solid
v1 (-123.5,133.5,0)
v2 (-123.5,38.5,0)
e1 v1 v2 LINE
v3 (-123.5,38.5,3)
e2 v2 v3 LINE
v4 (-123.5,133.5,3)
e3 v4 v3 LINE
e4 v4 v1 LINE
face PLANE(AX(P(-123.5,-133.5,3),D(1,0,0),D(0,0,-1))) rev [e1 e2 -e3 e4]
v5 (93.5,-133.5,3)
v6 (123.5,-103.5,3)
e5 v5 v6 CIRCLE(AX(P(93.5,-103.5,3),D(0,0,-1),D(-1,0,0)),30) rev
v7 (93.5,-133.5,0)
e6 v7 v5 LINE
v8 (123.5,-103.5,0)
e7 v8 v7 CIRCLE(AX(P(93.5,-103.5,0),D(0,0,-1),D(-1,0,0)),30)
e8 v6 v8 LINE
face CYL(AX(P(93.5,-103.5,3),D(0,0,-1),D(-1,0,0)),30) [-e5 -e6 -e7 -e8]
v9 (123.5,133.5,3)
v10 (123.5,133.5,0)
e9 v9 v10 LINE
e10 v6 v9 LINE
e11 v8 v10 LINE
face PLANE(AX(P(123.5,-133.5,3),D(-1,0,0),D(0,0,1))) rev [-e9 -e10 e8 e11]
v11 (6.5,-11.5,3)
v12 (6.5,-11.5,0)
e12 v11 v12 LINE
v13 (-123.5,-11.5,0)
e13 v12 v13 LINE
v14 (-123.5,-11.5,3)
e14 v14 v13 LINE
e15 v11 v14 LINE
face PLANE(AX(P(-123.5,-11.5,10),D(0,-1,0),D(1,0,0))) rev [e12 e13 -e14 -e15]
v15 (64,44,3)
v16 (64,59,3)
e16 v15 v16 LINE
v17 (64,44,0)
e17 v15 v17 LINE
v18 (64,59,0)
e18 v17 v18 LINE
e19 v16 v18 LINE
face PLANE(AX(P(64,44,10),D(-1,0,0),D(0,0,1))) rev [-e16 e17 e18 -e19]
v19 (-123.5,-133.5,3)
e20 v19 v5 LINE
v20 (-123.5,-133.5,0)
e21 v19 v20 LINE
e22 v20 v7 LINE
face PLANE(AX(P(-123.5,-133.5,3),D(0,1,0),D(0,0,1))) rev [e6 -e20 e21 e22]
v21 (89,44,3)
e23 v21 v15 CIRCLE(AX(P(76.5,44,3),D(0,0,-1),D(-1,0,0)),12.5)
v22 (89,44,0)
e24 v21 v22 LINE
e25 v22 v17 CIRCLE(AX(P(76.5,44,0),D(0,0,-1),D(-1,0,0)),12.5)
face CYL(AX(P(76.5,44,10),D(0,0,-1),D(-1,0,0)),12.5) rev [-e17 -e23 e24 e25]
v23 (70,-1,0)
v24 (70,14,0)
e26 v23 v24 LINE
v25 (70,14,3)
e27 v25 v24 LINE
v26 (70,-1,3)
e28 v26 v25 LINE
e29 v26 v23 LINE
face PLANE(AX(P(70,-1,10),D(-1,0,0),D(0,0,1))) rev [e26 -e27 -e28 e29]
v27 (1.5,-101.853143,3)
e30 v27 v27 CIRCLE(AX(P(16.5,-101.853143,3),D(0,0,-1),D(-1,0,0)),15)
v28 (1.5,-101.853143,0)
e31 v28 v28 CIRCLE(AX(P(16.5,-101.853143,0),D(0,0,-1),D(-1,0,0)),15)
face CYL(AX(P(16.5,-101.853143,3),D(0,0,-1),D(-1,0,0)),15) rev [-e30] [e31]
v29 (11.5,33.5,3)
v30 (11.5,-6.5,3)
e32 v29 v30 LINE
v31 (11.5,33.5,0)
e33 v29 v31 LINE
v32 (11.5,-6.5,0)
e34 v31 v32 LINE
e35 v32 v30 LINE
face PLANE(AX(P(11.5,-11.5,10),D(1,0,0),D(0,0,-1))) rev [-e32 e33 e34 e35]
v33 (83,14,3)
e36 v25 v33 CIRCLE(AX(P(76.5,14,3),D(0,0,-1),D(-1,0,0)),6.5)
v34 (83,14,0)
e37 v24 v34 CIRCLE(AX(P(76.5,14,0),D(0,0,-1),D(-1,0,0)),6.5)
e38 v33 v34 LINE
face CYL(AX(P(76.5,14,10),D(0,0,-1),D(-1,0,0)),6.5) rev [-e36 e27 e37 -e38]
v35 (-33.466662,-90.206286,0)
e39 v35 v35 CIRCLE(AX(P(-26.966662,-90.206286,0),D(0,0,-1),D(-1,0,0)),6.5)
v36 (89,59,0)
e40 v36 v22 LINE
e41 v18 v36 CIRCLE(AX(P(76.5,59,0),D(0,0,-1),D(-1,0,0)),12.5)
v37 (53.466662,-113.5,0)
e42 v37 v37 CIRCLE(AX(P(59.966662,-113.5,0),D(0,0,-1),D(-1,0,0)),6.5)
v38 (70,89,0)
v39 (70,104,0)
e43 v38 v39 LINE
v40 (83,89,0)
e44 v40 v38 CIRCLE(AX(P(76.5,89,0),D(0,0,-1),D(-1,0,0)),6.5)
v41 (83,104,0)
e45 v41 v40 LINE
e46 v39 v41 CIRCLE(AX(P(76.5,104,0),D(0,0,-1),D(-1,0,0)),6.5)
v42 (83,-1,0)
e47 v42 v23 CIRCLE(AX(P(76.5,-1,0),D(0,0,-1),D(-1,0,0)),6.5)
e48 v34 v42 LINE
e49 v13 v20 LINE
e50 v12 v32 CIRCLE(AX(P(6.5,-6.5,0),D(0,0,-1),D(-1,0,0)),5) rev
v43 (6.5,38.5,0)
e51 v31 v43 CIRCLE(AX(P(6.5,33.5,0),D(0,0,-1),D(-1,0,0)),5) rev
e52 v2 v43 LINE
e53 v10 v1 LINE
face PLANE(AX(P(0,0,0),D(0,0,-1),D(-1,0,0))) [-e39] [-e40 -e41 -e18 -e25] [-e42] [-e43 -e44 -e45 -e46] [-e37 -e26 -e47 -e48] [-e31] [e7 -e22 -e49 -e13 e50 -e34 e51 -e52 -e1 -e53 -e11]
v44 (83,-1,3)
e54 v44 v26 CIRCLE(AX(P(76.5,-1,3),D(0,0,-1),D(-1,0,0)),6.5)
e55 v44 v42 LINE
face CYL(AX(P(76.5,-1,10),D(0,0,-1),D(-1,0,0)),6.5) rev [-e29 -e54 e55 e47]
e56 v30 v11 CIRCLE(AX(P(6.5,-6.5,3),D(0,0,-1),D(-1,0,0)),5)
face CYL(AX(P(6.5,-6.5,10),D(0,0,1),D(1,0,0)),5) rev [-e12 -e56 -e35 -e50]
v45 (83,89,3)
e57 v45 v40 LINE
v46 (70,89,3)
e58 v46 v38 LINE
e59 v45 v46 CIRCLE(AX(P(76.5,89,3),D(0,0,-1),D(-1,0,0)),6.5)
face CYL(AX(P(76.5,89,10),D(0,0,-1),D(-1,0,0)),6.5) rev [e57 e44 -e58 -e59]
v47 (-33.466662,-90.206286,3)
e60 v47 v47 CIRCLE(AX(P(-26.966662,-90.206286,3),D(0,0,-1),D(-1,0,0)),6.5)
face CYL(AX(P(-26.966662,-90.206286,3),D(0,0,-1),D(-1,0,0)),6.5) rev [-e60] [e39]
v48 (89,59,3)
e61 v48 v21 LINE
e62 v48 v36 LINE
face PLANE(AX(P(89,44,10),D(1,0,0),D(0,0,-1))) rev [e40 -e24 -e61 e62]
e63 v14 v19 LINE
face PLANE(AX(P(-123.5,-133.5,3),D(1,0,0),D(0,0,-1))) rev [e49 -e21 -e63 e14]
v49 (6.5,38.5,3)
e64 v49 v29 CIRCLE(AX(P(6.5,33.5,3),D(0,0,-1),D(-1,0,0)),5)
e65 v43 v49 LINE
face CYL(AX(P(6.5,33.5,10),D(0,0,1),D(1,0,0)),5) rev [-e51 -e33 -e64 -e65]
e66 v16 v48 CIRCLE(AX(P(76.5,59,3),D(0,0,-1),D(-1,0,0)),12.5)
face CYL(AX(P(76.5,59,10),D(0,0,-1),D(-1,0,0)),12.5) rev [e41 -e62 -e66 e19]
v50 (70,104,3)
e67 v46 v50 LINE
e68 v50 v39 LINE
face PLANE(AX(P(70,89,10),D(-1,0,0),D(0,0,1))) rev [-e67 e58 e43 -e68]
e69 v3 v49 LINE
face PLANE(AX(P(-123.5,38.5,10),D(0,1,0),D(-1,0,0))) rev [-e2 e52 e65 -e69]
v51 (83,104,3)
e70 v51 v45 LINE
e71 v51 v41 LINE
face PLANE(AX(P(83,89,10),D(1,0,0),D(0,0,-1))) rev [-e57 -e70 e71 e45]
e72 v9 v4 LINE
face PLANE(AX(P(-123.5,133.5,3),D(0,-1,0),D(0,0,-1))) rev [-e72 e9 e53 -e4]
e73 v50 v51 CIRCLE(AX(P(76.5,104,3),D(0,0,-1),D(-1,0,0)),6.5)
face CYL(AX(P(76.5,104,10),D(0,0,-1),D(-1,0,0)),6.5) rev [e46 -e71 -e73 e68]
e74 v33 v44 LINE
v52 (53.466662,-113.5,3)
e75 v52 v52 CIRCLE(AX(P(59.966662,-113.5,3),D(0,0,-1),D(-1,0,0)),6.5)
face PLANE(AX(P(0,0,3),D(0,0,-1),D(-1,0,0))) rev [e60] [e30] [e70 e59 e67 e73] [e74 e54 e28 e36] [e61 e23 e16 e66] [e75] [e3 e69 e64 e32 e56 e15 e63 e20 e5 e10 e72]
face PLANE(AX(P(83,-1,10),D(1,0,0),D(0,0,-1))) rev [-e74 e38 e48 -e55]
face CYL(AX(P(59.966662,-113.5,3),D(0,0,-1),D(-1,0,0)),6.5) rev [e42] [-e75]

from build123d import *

# Parameters (mm, degrees)
ESQUISSE1_W             = 247
ESQUISSE1_H             = 267
ESQUISSE1_R             = 12.5
ESQUISSE1_R_2           = 6.5
BOSS_EXTRU_1_DEPTH      = 3
ESQUISSE3_R             = 6.5
ESQUISSE3_R_2           = 15
ENL_V_MAT_EXTRU_2_DEPTH = 3
ESQUISSE4_W             = 135
ESQUISSE4_H             = 50
ENL_V_MAT_EXTRU_3_DEPTH = 10
CONG_1_R                = 5
CONG_2_R                = 30
ENL_V_MAT_EXTRU_4_DEPTH = 10


with BuildPart() as part:
    # Esquisse1 → Boss.-Extru.1 (new body)
    with BuildSketch(Plane.XY):
        Rectangle(ESQUISSE1_W, ESQUISSE1_H)
        with Locations((76.5, 51.5)):
            Circle(ESQUISSE1_R, mode=Mode.SUBTRACT)
        with Locations((76.5, 96.5)):
            Circle(ESQUISSE1_R_2, mode=Mode.SUBTRACT)
        with Locations((76.5, 6.5)):
            Circle(ESQUISSE1_R_2, mode=Mode.SUBTRACT)
    extrude(amount=BOSS_EXTRU_1_DEPTH)

    # Esquisse3 → Enlèv. mat.-Extru.2 (cut)
    with BuildSketch(Plane(origin=(0, 0, 0), x_dir=(-1, 0, 0), z_dir=(0, 0, -1))):
        with Locations((-59.966662183, -113.5)):
            Circle(ESQUISSE3_R)
        with Locations((-16.5, -101.85314297)):
            Circle(ESQUISSE3_R_2)
        with Locations((26.966662183, -90.206285941)):
            Circle(ESQUISSE3_R)
    extrude(amount=-ENL_V_MAT_EXTRU_2_DEPTH, mode=Mode.SUBTRACT)

    # Esquisse4 → Enlèv. mat.-Extru.3 (cut)
    with BuildSketch(Plane(origin=(0, 0, 0), x_dir=(-1, 0, 0), z_dir=(0, 0, -1))):
        with Locations((56, 13.5)):
            Rectangle(ESQUISSE4_W, ESQUISSE4_H)
    extrude(amount=-ENL_V_MAT_EXTRU_3_DEPTH, mode=Mode.SUBTRACT)

    # Congé1
    cong_1_edges = [part.edges().sort_by_distance(p)[0] for p in [
        (11.5, -11.5, 1.5),
        (11.5, 38.5, 1.5),
    ]]
    fillet(cong_1_edges, radius=CONG_1_R)

    # Congé2
    cong_2_edges = [part.edges().sort_by_distance(p)[0] for p in [
        (123.5, -133.5, 1.5),
    ]]
    fillet(cong_2_edges, radius=CONG_2_R)

    # Esquisse5 → Enlèv. mat.-Extru.4 (cut)
    with BuildSketch(Plane(origin=(0, 0, 0), x_dir=(-1, 0, 0), z_dir=(0, 0, -1))):
        with BuildLine():
            Line((-83, 89), (-83, 104))
            ThreePointArc((-83, 104), (-76.5, 110.5), (-70, 104))
            Line((-70, 104), (-70, 89))
            ThreePointArc((-70, 89), (-76.5, 82.5), (-83, 89))
        make_face()
        with BuildLine():
            Line((-83, -1), (-83, 14))
            ThreePointArc((-83, 14), (-76.5, 20.5), (-70, 14))
            Line((-70, 14), (-70, -1))
            ThreePointArc((-70, -1), (-76.5, -7.5), (-83, -1))
        make_face()
        with BuildLine():
            Line((-89, 44), (-89, 59))
            ThreePointArc((-89, 59), (-76.5, 71.5), (-64, 59))
            Line((-64, 59), (-64, 44))
            ThreePointArc((-64, 44), (-76.5, 31.5), (-89, 44))
        make_face()
    extrude(amount=-ENL_V_MAT_EXTRU_4_DEPTH, mode=Mode.SUBTRACT)


solid = part.part
